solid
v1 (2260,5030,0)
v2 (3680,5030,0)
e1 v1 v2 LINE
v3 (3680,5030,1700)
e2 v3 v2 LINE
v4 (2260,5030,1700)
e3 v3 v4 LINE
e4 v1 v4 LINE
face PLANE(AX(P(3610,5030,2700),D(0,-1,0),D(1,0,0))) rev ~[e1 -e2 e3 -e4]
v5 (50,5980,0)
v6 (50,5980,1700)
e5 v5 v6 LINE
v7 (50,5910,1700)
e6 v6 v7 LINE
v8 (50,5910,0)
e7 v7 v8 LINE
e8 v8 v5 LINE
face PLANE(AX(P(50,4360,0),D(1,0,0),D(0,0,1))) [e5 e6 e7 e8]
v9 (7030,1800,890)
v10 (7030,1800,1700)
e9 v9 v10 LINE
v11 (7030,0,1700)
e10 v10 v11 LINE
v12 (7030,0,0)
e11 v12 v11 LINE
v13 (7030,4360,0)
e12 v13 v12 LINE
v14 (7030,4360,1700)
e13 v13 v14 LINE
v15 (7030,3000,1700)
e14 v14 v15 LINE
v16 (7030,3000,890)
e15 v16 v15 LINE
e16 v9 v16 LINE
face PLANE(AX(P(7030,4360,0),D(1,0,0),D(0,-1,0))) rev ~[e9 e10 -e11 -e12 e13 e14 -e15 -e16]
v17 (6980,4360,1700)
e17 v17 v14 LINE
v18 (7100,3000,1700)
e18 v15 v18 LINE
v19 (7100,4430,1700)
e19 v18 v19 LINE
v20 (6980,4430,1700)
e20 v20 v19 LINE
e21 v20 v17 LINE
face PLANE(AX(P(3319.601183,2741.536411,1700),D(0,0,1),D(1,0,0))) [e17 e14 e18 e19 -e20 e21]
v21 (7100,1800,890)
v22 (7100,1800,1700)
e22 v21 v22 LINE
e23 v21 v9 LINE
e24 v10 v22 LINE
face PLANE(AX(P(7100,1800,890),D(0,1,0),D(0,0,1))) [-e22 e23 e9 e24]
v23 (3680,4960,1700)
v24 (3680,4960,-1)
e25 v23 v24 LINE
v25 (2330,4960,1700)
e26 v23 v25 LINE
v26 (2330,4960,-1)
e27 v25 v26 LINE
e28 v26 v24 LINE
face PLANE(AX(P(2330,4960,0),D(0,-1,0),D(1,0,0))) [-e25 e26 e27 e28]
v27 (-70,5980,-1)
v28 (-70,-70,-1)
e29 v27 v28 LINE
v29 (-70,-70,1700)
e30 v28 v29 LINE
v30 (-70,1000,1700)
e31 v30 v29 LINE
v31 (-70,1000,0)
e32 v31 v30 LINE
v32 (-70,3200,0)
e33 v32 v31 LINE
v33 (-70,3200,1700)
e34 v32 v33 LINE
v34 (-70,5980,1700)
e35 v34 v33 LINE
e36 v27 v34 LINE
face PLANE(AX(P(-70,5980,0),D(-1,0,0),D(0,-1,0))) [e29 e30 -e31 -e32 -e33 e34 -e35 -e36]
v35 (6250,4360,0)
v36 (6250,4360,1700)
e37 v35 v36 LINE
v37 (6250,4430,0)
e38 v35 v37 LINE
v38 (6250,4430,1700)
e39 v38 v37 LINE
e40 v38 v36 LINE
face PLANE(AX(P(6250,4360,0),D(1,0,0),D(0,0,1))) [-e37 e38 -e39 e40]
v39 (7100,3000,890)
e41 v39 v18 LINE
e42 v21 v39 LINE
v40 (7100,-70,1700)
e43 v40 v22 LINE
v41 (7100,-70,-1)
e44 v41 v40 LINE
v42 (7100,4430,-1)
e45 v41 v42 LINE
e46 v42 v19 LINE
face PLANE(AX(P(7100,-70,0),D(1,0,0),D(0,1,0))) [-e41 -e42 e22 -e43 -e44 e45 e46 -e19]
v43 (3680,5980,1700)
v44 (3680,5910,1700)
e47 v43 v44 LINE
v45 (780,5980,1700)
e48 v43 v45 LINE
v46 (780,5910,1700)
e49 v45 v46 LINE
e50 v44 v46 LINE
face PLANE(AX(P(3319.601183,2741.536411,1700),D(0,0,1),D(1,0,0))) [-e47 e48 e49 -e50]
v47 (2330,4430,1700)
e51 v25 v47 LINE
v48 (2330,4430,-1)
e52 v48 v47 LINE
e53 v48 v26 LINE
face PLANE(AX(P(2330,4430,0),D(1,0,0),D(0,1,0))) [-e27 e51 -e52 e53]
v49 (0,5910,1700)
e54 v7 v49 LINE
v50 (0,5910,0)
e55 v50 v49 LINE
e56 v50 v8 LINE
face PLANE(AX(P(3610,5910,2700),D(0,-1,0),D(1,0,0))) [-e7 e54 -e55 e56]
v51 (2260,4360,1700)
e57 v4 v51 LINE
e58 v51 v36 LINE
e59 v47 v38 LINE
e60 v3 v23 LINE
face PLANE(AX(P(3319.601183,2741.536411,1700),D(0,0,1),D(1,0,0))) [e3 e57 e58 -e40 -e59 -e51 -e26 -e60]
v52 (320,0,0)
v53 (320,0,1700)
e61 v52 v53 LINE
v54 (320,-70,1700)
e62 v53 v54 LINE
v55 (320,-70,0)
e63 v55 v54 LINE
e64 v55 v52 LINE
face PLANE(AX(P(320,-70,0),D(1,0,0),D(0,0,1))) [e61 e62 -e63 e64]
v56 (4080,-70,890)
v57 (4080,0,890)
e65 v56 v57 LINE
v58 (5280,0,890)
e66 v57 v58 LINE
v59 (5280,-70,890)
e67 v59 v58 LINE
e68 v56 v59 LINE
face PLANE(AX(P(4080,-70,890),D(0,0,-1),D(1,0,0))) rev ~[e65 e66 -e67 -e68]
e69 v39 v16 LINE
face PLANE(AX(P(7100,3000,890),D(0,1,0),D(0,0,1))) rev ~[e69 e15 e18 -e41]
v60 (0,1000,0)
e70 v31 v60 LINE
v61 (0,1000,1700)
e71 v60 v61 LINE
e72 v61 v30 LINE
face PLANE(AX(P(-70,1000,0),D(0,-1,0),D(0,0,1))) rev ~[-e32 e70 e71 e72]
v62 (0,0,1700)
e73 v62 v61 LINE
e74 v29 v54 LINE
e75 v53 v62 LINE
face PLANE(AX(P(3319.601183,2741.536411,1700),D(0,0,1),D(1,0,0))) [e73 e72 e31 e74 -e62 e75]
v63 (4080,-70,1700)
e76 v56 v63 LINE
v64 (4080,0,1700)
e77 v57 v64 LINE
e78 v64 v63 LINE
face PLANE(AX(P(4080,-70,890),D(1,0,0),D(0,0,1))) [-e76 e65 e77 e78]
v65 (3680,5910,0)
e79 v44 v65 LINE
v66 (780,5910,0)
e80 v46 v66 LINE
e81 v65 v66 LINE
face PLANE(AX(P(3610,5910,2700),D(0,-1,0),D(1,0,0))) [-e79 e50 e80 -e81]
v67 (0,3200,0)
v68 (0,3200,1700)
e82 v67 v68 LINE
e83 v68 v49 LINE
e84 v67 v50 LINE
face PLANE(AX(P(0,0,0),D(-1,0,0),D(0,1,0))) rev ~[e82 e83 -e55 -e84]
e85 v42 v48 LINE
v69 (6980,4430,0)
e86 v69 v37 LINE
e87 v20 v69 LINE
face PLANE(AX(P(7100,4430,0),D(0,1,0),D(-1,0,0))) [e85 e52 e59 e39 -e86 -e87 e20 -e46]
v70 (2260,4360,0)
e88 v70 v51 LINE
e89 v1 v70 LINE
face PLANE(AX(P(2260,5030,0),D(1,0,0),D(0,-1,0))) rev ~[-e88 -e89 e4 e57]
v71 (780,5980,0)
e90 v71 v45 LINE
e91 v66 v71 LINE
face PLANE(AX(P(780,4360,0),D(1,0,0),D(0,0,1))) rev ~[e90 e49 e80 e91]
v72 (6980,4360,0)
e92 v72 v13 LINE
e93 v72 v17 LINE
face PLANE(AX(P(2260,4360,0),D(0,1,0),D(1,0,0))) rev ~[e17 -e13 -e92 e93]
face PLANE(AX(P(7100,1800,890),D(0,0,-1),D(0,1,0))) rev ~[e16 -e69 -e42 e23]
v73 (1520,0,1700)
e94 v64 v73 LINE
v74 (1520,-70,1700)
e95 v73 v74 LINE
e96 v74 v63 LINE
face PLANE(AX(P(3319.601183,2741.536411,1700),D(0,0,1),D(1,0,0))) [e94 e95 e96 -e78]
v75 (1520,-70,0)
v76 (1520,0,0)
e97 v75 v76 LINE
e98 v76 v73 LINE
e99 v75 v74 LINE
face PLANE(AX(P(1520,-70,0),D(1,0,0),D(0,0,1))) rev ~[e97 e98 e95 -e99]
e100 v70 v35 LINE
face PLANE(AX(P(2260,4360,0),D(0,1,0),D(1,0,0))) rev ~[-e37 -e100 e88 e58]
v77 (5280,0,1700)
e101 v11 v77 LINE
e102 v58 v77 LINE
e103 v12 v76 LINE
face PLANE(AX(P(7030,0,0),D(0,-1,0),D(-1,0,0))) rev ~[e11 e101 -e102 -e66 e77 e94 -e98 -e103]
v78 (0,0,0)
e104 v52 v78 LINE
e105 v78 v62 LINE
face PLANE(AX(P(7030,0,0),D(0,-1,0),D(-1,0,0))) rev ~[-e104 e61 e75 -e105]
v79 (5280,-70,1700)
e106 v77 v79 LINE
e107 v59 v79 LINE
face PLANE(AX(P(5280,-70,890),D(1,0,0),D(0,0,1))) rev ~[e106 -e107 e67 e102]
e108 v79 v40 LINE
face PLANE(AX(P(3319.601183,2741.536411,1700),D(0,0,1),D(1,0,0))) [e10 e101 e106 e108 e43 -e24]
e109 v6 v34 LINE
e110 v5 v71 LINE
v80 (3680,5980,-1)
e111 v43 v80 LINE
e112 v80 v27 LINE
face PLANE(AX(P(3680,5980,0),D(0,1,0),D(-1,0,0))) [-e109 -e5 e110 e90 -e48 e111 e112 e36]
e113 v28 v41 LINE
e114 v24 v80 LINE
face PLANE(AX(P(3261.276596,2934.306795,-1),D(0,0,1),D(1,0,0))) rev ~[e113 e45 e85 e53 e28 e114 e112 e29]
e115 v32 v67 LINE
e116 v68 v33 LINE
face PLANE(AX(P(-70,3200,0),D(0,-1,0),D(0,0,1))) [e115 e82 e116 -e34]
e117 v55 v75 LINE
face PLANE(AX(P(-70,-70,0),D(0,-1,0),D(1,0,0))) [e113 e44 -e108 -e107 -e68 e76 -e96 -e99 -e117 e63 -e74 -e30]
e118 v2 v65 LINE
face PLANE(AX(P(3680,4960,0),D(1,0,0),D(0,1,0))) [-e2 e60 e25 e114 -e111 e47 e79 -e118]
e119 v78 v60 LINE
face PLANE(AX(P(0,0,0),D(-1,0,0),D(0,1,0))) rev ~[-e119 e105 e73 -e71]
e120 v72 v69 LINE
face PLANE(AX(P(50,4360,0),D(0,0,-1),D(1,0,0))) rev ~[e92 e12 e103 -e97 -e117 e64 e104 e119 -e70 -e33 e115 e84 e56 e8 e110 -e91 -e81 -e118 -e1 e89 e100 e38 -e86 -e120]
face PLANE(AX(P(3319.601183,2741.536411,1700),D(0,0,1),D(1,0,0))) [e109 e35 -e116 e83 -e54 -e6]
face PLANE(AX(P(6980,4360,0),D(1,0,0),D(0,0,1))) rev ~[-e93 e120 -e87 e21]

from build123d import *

# Parameters (mm, degrees)
F1_DEPTH  = 2700
F3_DEPTH  = 1
F4_W      = 1200
F4_H      = 2320
F4_H_2    = 1400
F5_DEPTH  = 70
F6_W      = 1200
F6_H      = 1400
F7_DEPTH  = 70
F8_W      = 2200
F8_H      = 2100
F9_DEPTH  = 70
F10_W     = 730
F10_H     = 2040
F11_DEPTH = 1620
F12_W     = 70
F12_H     = 880
F13_DEPTH = 2700
F15_DEPTH = 1000


with BuildPart() as f1:
    # F0 (on Top) → F1 (new body)
    with BuildSketch(Plane.XY):
        Polygon((2330, 4960), (3680, 4960), (3680, 5980), (-70, 5980), (-70, -70), (7100, -70), (7100, 4430), (2330, 4430), align=None)
        Polygon((7030, 0), (0, 0), (0, 5910), (3610, 5910), (3610, 5030), (2260, 5030), (2260, 4360), (7030, 4360), align=None, mode=Mode.SUBTRACT)
    extrude(amount=F1_DEPTH)

    # F2 (on Top) → F3 (join)
    with BuildSketch(Plane.XY):
        Polygon((3680, 5980), (-70, 5980), (-70, -70), (7100, -70), (7100, 4430), (2330, 4430), (2330, 4960), (3680, 4960), align=None)
    extrude(amount=-F3_DEPTH)

    # F4 (on face) → F5 (cut)
    with BuildSketch(Plane.XZ.offset(70)):
        with Locations((920, 1160)):
            Rectangle(F4_W, F4_H)
        with Locations((4680, 1590)):
            Rectangle(F4_W, F4_H_2)
    extrude(amount=-F5_DEPTH, mode=Mode.SUBTRACT)

    # F6 (on face) → F7 (cut)
    with BuildSketch(Plane.YZ.offset(7100)):
        with Locations((2400, 1590)):
            Rectangle(F6_W, F6_H)
    extrude(amount=-F7_DEPTH, mode=Mode.SUBTRACT)

    # F8 (on face) → F9 (cut)
    with BuildSketch(Plane(origin=(-70, 0, 0), x_dir=(0, -1, 0), z_dir=(-1, 0, 0))):
        with Locations((-2100, 1050)):
            Rectangle(F8_W, F8_H)
    extrude(amount=-F9_DEPTH, mode=Mode.SUBTRACT)

    # F10 (on face) → F11 (cut, through all)
    with BuildSketch(Plane.XZ.offset(-4360)):
        with Locations((6615, 1020)):
            Rectangle(F10_W, F10_H)
        with Locations((415, 1020)):
            Rectangle(F10_W, F10_H)
    extrude(amount=-F11_DEPTH, mode=Mode.SUBTRACT)

    # F12 (on face) → F13 (cut, through all)
    with BuildSketch(Plane.XY.offset(2700)):
        with Locations((3645, 5470)):
            Rectangle(F12_W, F12_H)
    extrude(amount=-F13_DEPTH, mode=Mode.SUBTRACT)

    # F14 (on face) → F15 (cut)
    with BuildSketch(Plane.XY.offset(2700)):
        Polygon((-70, 5980), (-70, -70), (7100, -70), (7100, 4430), (3680, 5980), align=None)
    extrude(amount=-F15_DEPTH, mode=Mode.SUBTRACT)


solid = f1.part
